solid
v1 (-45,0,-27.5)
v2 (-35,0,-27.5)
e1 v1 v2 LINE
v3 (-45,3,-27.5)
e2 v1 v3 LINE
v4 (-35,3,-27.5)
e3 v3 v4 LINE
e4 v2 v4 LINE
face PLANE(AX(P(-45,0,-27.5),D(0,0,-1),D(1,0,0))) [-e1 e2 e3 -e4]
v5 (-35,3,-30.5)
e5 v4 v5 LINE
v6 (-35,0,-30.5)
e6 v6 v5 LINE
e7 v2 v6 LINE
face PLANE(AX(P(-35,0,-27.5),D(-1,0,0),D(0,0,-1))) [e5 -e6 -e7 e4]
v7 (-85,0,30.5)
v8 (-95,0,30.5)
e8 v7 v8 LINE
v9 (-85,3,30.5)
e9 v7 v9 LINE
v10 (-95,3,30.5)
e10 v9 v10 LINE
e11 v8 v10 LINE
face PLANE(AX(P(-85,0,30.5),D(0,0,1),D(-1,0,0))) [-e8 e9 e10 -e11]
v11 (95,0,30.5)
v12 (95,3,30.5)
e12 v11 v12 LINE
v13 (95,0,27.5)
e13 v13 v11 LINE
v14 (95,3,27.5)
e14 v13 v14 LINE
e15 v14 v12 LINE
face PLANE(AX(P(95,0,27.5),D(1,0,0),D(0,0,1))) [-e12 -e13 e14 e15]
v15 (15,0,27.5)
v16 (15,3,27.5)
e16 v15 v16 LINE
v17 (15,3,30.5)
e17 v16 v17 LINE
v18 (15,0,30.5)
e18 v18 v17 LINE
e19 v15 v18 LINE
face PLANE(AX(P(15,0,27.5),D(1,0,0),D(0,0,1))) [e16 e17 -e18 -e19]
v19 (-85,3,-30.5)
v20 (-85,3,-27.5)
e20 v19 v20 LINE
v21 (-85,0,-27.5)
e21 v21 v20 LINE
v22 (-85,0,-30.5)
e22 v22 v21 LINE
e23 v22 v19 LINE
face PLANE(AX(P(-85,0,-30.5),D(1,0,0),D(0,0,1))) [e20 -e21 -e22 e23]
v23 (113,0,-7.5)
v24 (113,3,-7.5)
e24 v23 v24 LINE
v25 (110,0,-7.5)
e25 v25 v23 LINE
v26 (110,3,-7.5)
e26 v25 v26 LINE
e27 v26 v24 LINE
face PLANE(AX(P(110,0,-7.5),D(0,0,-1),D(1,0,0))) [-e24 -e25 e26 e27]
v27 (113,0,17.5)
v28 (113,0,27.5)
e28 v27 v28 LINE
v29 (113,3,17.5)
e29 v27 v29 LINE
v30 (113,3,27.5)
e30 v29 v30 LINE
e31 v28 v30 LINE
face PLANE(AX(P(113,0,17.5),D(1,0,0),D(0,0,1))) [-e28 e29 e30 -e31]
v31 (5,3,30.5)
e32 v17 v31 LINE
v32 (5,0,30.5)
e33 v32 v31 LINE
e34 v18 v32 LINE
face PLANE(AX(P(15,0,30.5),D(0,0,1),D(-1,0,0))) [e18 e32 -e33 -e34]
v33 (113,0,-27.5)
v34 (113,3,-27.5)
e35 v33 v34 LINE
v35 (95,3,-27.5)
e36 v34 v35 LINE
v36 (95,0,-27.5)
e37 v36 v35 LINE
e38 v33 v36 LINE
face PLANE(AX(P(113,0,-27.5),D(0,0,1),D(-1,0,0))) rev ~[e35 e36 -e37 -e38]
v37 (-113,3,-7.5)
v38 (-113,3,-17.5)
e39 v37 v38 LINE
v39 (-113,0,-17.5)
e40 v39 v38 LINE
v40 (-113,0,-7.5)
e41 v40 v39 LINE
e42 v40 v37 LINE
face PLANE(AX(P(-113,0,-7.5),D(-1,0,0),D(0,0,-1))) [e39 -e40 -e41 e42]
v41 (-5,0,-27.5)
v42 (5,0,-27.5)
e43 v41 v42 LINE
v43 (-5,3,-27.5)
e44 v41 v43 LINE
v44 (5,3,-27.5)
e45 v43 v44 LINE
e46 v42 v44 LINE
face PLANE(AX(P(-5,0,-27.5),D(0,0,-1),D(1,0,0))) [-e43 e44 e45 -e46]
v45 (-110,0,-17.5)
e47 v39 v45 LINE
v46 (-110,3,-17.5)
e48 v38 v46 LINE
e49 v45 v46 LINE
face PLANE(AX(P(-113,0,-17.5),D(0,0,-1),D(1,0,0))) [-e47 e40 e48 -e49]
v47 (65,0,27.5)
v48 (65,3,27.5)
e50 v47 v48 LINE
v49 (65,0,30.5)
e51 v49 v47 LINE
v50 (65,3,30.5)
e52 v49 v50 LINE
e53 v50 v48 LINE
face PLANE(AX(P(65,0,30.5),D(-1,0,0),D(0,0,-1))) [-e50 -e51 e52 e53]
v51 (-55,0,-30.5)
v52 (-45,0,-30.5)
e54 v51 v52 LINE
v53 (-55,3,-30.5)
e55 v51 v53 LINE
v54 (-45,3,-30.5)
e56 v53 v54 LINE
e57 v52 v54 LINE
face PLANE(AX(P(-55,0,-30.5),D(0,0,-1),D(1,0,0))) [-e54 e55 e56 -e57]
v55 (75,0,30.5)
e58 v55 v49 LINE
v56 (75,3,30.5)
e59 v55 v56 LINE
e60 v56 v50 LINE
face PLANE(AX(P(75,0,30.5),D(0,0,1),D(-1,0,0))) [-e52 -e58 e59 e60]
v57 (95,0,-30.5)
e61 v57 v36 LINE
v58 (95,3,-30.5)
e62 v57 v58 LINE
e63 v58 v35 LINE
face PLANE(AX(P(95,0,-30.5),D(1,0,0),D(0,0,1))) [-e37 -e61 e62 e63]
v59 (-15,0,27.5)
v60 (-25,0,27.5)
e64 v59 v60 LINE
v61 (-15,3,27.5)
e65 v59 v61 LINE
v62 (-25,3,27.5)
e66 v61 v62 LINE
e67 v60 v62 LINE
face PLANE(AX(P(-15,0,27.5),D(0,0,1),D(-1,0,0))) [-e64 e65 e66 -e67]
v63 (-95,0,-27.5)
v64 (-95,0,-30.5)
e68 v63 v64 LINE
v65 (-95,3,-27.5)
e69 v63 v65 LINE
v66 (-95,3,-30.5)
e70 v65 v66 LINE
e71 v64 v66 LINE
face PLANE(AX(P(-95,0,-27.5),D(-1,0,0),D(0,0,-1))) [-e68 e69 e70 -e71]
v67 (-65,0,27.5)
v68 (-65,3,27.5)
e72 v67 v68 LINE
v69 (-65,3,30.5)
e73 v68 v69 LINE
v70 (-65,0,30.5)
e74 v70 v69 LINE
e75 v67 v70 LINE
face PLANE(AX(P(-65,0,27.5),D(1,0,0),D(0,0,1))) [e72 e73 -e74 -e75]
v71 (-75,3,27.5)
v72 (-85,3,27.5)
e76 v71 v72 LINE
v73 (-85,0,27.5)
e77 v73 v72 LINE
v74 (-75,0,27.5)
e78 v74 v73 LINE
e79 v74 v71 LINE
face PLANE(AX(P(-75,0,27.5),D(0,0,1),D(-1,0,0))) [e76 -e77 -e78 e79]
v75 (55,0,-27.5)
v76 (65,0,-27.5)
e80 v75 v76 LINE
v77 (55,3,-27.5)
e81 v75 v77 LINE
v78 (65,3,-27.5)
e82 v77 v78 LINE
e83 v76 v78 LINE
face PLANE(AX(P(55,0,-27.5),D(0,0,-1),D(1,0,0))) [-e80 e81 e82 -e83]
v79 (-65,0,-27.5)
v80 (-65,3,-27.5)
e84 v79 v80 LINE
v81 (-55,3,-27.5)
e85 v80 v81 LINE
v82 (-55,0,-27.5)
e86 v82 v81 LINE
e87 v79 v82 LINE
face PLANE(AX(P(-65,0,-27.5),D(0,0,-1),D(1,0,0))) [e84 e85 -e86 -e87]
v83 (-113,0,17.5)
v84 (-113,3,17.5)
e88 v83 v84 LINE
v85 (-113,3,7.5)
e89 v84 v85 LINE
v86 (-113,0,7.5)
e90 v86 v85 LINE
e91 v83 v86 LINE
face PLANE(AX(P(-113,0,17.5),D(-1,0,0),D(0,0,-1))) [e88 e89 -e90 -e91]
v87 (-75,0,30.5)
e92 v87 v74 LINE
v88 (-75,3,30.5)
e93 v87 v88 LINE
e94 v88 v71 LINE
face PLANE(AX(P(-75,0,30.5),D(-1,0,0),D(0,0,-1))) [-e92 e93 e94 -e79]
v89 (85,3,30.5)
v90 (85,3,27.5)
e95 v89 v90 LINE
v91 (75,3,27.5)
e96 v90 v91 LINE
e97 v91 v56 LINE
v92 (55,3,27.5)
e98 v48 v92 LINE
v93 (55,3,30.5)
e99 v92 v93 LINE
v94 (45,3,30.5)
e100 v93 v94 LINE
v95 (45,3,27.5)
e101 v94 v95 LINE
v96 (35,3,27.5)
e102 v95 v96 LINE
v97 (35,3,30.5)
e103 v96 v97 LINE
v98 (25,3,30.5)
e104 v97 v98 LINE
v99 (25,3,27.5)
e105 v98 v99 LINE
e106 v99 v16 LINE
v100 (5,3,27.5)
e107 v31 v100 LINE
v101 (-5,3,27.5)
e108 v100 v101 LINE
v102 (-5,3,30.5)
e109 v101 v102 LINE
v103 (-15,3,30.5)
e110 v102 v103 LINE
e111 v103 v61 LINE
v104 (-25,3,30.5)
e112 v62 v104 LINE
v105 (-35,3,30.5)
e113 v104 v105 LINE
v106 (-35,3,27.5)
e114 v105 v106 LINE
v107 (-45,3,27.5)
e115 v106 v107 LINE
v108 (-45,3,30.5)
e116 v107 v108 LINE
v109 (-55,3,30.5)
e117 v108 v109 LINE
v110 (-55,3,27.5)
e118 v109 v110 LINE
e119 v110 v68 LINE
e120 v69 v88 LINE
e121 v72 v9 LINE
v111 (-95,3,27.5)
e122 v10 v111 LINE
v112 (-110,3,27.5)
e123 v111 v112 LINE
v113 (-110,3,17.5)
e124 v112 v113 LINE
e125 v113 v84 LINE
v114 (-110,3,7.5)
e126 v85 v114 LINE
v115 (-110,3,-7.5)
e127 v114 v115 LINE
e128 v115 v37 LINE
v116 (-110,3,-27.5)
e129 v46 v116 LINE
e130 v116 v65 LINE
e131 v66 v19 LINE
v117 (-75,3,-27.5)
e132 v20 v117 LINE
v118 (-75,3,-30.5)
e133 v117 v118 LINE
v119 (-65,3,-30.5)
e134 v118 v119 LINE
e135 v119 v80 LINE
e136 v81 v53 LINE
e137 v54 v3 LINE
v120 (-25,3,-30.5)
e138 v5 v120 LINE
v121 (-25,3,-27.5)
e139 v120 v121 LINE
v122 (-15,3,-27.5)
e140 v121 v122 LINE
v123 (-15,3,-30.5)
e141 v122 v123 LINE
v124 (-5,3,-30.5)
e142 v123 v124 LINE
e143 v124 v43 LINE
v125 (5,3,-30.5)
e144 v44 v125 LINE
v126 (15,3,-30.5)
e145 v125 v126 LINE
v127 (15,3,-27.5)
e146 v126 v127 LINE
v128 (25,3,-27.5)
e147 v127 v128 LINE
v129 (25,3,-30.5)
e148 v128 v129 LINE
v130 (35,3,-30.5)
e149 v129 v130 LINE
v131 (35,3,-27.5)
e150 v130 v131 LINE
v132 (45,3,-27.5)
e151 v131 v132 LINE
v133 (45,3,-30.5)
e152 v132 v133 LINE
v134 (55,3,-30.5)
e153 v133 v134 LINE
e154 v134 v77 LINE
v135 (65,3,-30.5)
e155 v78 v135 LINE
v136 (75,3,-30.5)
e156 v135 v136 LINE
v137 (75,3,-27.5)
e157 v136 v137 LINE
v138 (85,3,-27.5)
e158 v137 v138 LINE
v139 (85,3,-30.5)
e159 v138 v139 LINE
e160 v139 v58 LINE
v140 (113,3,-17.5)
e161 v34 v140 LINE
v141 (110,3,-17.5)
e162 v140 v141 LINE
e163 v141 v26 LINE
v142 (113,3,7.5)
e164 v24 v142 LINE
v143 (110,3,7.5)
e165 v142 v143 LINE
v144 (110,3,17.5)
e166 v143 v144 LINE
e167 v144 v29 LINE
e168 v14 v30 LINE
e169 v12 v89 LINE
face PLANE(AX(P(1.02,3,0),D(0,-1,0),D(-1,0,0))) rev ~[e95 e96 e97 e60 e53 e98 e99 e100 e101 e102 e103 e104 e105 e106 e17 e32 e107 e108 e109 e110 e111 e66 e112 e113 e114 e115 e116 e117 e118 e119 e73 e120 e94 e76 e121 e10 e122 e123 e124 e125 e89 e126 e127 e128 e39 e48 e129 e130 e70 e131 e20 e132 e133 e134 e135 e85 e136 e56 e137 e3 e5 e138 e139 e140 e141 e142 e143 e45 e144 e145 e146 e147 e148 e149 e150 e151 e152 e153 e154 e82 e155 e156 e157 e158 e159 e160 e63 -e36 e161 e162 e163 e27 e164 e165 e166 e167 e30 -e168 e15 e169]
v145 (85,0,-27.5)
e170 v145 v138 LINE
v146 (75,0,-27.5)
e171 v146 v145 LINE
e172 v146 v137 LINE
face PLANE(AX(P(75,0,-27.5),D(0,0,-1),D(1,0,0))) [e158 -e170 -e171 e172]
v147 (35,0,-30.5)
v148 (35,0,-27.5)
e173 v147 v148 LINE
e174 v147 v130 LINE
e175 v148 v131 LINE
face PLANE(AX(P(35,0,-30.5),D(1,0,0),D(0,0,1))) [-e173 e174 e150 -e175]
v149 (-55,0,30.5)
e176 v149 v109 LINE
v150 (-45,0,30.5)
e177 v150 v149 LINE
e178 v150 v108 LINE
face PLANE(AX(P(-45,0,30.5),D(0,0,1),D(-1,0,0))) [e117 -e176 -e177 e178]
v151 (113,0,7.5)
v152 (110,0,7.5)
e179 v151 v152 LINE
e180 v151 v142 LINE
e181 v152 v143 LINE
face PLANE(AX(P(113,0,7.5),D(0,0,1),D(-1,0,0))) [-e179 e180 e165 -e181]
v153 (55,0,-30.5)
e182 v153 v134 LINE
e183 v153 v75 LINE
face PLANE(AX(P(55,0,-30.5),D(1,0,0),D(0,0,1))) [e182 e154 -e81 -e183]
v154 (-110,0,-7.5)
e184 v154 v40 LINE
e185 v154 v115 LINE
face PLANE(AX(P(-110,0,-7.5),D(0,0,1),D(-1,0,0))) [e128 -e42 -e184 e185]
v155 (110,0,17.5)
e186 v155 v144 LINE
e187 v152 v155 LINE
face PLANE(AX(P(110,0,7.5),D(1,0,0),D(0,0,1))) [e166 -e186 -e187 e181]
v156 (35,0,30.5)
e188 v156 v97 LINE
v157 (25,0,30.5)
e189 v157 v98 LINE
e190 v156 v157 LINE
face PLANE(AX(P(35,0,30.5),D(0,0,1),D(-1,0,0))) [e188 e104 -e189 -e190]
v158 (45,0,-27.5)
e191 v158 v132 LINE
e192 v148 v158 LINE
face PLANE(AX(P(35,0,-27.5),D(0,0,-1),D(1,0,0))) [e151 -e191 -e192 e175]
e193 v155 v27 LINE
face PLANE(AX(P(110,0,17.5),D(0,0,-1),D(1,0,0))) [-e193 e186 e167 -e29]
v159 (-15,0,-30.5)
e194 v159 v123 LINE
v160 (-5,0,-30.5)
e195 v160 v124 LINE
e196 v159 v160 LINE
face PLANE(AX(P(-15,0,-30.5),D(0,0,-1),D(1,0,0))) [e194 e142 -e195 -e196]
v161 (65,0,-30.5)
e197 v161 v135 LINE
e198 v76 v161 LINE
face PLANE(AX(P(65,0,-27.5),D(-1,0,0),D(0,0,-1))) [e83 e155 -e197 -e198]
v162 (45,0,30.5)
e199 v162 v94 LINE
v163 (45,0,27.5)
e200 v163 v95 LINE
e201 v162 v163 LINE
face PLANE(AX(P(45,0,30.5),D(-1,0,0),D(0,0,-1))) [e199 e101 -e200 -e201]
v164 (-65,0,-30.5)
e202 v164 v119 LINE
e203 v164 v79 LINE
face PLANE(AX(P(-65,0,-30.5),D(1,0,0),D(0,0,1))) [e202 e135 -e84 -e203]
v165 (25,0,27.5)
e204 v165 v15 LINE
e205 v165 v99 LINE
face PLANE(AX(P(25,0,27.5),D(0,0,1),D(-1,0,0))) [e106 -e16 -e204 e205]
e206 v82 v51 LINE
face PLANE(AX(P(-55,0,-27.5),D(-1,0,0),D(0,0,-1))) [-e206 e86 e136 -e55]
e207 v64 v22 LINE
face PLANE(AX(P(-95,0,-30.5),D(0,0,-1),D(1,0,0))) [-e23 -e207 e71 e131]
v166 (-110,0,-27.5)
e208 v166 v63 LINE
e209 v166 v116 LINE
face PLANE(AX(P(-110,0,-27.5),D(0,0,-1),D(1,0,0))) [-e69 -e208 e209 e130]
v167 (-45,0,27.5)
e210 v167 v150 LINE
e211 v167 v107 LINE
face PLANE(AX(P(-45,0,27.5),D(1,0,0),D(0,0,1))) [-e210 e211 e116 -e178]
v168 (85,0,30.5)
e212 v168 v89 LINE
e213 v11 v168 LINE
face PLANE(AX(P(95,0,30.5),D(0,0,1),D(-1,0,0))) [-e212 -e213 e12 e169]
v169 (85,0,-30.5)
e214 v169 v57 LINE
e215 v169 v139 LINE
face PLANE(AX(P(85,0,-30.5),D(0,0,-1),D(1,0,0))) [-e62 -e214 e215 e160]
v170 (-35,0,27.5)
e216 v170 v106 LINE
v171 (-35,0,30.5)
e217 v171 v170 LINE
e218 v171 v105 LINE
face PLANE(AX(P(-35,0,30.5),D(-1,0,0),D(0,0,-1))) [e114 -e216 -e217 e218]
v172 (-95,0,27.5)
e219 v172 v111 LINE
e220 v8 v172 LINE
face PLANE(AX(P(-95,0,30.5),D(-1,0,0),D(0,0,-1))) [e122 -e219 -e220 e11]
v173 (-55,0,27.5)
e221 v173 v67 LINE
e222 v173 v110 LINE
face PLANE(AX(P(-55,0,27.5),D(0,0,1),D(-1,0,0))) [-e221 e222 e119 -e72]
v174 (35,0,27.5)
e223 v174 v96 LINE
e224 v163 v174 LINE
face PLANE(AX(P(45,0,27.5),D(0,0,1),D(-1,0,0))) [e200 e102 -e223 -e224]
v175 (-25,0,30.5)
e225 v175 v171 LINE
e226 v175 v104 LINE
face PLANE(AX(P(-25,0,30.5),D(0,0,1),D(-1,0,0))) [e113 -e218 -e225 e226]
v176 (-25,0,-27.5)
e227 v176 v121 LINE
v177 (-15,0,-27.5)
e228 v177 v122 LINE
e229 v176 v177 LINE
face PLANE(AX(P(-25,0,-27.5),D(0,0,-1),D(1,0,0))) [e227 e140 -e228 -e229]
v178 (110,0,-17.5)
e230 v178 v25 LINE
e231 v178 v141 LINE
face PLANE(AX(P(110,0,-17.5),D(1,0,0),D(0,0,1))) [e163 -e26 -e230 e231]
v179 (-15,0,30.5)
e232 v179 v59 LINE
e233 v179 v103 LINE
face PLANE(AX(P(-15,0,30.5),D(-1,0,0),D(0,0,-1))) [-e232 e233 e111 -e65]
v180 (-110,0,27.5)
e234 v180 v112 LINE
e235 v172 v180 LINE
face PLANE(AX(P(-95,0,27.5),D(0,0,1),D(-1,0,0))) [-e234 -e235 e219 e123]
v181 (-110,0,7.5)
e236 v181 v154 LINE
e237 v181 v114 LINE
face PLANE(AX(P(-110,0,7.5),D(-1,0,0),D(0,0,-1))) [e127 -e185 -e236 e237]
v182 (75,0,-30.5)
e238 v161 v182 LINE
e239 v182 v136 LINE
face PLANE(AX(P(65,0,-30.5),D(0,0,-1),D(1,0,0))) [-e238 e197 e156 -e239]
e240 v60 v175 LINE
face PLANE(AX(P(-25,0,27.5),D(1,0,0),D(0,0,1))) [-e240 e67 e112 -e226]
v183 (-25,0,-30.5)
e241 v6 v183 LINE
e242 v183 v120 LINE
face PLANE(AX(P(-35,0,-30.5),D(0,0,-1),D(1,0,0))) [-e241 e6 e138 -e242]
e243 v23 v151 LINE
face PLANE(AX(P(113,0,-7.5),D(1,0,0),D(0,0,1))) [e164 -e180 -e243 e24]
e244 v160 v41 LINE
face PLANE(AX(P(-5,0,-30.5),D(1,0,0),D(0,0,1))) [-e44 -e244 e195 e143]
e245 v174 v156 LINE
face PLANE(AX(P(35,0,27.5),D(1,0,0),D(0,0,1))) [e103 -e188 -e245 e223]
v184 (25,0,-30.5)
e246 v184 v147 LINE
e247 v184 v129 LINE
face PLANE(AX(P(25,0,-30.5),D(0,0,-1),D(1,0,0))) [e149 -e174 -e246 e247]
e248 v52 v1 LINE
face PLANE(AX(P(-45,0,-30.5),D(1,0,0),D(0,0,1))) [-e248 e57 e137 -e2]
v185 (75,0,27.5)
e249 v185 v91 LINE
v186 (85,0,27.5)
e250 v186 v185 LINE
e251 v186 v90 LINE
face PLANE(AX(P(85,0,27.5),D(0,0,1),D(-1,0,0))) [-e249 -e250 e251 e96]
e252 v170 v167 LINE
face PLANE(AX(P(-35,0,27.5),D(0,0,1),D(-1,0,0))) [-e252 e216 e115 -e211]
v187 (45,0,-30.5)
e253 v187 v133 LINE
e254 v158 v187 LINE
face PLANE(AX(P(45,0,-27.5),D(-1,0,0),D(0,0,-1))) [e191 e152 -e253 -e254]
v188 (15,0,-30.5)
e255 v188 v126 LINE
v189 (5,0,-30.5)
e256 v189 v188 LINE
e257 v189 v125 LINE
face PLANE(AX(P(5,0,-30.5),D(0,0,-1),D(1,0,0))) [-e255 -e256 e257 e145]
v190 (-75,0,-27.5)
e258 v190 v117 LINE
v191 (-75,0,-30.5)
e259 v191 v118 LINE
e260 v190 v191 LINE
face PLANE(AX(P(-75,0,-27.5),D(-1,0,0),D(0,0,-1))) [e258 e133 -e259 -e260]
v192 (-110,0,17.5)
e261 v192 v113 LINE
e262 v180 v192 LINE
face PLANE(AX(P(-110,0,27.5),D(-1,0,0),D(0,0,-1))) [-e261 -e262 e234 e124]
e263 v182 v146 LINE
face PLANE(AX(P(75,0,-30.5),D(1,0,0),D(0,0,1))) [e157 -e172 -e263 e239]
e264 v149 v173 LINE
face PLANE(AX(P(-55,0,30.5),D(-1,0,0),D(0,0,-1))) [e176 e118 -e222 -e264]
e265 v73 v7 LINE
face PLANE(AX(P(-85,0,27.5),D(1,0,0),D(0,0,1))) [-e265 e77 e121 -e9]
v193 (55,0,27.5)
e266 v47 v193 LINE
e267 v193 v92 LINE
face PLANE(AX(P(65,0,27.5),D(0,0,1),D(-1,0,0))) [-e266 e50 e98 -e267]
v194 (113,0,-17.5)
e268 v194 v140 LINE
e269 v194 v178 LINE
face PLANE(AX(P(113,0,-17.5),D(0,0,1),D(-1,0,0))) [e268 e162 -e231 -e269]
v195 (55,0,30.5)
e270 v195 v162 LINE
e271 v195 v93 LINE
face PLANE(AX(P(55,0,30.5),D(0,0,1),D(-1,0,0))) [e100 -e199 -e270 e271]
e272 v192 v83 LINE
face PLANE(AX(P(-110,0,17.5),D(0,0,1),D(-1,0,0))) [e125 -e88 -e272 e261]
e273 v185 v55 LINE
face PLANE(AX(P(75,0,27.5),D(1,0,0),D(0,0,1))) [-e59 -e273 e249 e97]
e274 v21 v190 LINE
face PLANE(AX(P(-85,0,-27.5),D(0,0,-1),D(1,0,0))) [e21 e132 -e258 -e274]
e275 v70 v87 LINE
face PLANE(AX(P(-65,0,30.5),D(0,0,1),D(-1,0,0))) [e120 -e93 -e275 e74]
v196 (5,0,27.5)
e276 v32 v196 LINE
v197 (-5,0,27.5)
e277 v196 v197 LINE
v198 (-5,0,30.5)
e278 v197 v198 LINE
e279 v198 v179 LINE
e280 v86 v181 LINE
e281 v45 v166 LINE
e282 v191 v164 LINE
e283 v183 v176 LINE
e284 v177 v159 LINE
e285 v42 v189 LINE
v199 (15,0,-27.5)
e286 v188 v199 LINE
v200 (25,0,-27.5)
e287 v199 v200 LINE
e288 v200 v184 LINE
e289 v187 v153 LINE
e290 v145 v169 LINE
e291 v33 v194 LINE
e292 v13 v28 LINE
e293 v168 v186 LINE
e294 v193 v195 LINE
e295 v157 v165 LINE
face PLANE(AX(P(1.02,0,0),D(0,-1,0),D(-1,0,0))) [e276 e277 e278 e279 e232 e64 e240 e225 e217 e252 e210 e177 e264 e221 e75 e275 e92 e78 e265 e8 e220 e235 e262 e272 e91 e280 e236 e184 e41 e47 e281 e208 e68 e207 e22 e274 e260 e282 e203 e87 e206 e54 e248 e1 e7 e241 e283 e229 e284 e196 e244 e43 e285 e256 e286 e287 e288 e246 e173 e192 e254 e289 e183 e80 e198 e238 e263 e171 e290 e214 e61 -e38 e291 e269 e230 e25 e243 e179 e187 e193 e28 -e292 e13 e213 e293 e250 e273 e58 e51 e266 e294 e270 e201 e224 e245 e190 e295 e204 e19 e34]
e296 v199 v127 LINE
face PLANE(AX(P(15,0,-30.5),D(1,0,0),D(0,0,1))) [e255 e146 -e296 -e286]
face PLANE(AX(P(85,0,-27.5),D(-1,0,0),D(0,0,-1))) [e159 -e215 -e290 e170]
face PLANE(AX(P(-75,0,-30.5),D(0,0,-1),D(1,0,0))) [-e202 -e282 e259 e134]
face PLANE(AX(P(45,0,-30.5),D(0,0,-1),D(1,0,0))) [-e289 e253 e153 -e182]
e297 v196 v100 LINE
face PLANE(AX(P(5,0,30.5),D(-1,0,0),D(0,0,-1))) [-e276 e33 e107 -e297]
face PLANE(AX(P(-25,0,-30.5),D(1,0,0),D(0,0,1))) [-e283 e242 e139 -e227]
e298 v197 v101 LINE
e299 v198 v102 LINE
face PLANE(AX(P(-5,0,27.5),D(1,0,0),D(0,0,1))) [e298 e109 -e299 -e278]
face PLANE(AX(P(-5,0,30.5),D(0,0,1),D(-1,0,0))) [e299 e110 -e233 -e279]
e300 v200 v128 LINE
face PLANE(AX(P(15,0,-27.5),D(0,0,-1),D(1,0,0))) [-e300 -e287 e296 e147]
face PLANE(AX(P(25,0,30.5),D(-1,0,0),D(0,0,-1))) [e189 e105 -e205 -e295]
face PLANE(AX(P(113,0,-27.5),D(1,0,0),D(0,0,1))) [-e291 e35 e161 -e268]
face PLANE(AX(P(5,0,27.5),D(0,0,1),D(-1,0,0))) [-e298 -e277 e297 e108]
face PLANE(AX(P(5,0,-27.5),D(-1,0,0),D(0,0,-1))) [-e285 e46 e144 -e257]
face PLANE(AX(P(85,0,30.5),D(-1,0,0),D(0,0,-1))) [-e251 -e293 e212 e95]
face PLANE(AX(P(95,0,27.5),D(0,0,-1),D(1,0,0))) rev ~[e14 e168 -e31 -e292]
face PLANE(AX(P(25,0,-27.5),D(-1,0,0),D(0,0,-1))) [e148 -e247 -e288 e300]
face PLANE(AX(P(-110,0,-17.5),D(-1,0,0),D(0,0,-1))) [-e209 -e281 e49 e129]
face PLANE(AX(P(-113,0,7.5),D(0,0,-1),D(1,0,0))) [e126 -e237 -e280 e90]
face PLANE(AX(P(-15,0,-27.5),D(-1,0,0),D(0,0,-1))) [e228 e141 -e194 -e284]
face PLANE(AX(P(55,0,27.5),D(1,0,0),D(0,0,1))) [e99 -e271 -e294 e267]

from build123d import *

# Parameters (mm, degrees)
EXTRUDE_2_DEPTH = 3


with BuildPart() as part:
    # Эскиз3 → Бобышка-Вытянуть2 (new body)
    with BuildSketch(Plane(origin=(0, 0, 0), x_dir=(1, 0, 0), z_dir=(0, 1, 0))):
        Polygon((-75, 27.5), (-75, 30.5), (-65, 30.5), (-65, 27.5), (-55, 27.5), (-55, 30.5), (-45, 30.5), (-45, 27.5), (-35, 27.5), (-35, 30.5), (-25, 30.5), (-25, 27.5), (-15, 27.5), (-15, 30.5), (-5, 30.5), (-5, 27.5), (5, 27.5), (5, 30.5), (15, 30.5), (15, 27.5), (25, 27.5), (25, 30.5), (35, 30.5), (35, 27.5), (45, 27.5), (45, 30.5), (55, 30.5), (55, 27.5), (65, 27.5), (65, 30.5), (75, 30.5), (75, 27.5), (85, 27.5), (85, 30.5), (95, 30.5), (95, 27.5), (110, 27.5), (113, 27.5), (113, 17.5), (110, 17.5), (110, 7.5), (113, 7.5), (113, -7.5), (110, -7.5), (110, -17.5), (113, -17.5), (113, -27.5), (110, -27.5), (95, -27.5), (95, -30.5), (85, -30.5), (85, -27.5), (75, -27.5), (75, -30.5), (65, -30.5), (65, -27.5), (55, -27.5), (55, -30.5), (45, -30.5), (45, -27.5), (35, -27.5), (35, -30.5), (25, -30.5), (25, -27.5), (15, -27.5), (15, -30.5), (5, -30.5), (5, -27.5), (-5, -27.5), (-5, -30.5), (-15, -30.5), (-15, -27.5), (-25, -27.5), (-25, -30.5), (-35, -30.5), (-35, -27.5), (-45, -27.5), (-45, -30.5), (-55, -30.5), (-55, -27.5), (-65, -27.5), (-65, -30.5), (-75, -30.5), (-75, -27.5), (-85, -27.5), (-85, -30.5), (-95, -30.5), (-95, -27.5), (-110, -27.5), (-110, -17.5), (-113, -17.5), (-113, -7.5), (-110, -7.5), (-110, 7.5), (-113, 7.5), (-113, 17.5), (-110, 17.5), (-110, 27.5), (-95, 27.5), (-95, 30.5), (-85, 30.5), (-85, 27.5), align=None)
    extrude(amount=EXTRUDE_2_DEPTH)


solid = part.part
